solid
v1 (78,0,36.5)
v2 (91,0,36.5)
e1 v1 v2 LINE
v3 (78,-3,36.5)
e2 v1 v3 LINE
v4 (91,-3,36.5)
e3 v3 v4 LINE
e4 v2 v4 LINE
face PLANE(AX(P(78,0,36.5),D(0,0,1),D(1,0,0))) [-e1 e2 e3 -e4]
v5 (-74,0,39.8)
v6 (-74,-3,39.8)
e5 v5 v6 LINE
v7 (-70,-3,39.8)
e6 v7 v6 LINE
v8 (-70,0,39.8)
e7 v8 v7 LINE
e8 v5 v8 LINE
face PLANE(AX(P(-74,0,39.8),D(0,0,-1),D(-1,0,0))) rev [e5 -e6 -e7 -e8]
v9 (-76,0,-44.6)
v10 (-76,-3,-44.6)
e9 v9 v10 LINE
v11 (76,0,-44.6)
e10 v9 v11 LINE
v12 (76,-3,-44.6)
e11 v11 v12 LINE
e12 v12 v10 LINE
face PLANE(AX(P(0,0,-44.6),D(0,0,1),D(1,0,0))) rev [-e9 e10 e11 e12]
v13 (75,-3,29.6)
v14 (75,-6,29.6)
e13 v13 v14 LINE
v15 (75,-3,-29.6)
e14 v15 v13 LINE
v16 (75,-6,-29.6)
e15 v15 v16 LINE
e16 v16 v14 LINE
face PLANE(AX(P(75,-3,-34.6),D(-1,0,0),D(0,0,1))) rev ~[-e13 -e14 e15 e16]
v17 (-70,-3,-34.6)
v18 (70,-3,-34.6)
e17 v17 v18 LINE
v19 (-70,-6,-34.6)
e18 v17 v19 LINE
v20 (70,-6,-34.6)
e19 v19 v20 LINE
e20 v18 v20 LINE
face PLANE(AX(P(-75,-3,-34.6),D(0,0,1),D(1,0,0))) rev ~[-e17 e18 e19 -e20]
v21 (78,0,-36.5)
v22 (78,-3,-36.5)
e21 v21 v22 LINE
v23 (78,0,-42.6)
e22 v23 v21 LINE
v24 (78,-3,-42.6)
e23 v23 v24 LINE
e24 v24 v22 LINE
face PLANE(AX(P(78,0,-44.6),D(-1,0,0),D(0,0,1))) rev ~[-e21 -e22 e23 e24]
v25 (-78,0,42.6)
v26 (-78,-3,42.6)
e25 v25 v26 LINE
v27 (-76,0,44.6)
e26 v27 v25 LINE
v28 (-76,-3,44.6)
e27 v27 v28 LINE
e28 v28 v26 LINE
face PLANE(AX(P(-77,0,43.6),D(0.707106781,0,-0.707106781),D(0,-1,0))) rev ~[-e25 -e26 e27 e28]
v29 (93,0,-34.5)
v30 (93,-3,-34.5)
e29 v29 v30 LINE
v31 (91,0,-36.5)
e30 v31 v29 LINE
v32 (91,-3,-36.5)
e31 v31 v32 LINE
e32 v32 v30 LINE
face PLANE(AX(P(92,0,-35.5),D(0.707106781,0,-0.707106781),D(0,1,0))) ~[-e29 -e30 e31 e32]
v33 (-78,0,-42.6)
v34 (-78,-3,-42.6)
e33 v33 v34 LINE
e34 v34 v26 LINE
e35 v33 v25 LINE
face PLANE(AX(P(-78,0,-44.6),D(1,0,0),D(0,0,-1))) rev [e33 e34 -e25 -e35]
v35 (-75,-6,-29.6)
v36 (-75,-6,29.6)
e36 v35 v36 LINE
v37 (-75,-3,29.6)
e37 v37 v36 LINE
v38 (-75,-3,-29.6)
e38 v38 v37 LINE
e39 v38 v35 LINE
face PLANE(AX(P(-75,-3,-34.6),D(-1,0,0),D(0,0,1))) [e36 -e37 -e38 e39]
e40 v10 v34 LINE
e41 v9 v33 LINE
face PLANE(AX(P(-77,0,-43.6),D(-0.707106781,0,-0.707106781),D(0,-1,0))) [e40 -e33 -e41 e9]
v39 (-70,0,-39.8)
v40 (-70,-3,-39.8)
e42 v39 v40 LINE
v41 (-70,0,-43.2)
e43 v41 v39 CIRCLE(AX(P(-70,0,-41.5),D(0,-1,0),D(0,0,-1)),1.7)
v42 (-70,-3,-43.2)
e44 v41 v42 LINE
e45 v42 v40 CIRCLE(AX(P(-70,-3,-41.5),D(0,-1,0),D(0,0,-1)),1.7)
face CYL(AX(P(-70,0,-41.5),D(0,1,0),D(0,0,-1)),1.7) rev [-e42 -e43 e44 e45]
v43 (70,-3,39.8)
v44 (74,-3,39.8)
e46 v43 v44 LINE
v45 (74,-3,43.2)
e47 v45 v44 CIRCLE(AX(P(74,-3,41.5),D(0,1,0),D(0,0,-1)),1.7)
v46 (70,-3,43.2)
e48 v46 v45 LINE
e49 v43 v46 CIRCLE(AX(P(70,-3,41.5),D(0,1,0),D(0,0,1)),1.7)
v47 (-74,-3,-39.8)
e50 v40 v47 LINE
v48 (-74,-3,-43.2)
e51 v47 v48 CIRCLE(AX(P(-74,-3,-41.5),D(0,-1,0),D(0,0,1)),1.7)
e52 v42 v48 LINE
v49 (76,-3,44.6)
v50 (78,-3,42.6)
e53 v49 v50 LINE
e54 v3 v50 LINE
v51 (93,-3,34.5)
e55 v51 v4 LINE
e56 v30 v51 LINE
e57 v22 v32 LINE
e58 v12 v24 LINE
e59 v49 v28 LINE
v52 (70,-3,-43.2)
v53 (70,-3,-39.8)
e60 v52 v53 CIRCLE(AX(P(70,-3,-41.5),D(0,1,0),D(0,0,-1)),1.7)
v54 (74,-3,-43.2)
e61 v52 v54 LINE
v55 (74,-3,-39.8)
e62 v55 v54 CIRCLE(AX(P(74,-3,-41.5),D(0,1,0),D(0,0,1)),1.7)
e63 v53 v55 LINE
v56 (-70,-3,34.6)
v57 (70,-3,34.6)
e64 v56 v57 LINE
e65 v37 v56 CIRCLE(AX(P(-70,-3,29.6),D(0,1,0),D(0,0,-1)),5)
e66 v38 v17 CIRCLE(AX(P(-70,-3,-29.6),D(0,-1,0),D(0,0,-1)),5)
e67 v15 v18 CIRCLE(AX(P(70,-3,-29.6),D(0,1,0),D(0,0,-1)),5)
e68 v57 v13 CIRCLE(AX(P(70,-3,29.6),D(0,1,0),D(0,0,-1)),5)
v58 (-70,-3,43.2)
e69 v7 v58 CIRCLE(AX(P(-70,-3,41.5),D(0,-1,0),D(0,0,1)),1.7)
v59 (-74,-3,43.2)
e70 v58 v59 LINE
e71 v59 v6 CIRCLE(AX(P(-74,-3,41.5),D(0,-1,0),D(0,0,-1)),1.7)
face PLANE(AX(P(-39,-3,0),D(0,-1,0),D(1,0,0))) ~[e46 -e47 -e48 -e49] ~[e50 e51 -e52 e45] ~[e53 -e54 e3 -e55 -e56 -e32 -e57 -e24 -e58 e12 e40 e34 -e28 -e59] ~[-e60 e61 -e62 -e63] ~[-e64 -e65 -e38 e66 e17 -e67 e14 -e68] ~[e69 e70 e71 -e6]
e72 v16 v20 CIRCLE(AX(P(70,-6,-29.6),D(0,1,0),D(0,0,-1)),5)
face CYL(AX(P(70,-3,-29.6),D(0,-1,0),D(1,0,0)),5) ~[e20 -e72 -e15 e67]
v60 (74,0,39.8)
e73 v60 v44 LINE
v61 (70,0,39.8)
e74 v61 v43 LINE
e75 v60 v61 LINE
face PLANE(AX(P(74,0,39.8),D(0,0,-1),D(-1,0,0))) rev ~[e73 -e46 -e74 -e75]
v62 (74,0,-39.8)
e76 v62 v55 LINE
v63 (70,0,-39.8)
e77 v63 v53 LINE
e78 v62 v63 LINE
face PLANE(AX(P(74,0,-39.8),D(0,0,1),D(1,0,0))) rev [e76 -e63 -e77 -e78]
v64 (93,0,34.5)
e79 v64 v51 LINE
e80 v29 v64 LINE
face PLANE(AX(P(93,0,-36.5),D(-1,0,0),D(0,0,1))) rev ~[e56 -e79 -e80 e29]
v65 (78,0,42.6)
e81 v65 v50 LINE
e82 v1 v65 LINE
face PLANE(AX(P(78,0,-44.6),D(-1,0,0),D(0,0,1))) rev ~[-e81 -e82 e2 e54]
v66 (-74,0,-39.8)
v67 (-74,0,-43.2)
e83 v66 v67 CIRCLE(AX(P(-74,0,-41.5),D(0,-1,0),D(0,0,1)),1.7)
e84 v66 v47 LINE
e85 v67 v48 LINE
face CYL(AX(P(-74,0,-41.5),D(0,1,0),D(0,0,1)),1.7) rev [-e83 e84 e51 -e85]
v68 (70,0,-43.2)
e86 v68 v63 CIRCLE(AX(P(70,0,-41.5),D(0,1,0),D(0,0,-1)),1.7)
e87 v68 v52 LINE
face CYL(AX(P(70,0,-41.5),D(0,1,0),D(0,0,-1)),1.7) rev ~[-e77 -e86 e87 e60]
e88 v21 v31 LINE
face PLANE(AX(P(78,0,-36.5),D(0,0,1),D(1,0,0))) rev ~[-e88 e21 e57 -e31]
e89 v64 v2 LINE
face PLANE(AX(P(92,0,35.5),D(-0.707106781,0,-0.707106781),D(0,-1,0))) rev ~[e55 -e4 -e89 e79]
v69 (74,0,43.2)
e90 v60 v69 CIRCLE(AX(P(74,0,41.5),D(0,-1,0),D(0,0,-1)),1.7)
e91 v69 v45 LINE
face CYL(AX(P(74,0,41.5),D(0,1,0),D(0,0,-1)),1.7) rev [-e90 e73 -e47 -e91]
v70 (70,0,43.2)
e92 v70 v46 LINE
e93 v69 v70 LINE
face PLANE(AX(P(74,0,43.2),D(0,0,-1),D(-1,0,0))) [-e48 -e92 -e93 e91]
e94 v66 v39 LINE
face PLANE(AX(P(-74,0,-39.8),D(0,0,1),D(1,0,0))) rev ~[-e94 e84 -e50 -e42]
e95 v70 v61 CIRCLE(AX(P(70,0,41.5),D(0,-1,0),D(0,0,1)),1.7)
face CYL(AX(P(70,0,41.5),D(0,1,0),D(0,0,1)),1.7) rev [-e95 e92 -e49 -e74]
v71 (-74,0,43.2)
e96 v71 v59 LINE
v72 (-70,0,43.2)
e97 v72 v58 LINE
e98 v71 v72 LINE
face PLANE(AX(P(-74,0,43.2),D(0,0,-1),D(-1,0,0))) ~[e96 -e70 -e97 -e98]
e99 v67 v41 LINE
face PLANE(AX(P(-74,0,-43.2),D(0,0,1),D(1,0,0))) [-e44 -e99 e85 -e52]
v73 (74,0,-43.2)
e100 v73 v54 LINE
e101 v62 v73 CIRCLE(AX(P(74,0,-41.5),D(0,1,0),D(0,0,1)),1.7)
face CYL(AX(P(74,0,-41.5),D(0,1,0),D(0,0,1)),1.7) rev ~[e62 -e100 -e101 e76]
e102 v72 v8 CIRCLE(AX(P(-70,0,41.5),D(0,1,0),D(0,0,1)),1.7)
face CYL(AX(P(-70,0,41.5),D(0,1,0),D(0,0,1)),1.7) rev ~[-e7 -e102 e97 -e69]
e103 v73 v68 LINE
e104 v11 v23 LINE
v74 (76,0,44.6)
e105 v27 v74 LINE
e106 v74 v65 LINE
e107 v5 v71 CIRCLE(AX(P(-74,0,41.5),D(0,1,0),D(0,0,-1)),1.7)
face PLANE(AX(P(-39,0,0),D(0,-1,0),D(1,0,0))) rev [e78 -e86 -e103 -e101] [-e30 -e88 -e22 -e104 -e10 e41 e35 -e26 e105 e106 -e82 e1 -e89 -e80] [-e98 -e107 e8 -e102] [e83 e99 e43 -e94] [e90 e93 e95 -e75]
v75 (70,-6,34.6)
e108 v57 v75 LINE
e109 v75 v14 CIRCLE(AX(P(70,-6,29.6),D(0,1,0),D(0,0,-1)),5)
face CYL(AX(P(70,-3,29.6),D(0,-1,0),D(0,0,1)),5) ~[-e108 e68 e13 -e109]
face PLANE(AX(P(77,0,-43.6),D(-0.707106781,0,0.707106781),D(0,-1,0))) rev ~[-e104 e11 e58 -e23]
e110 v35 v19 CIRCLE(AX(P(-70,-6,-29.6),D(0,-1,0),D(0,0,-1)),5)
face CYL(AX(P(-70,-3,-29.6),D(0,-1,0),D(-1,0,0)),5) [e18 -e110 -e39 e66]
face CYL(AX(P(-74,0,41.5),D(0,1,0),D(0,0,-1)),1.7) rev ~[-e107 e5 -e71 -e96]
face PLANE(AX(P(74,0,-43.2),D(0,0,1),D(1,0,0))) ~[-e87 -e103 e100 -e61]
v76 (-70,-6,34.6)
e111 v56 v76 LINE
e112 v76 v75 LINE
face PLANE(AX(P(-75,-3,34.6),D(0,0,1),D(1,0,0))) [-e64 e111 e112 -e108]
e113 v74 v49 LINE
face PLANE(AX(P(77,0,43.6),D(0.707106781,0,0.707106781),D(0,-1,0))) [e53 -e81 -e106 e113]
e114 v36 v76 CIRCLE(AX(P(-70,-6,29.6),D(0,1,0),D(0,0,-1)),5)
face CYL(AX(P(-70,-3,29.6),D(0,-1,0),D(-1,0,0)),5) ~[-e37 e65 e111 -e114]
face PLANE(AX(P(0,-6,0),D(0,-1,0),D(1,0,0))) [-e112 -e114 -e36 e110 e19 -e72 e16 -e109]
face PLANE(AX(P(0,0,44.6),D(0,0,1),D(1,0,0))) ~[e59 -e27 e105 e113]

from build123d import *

# Parameters (mm, degrees)
SKETCH011_W     = 78
SKETCH011_H     = 89.2
PAD007_DEPTH    = 3
POCKET004_DEPTH = 5
CHAMFER006_SIZE = 2
SKETCH013_W     = 15
SKETCH013_H     = 73
PAD008_DEPTH    = 3
CHAMFER007_SIZE = 2
SKETCH014_W     = 150
SKETCH014_H     = 69.2
PAD009_DEPTH    = 3
FILLET002_R     = 5


with BuildPart() as part:
    # Sketch011 (on XZ_Plane007 of Origin014) → Pad007 (new body)
    with BuildSketch(Plane.XZ):
        with Locations((39, 0)):
            Rectangle(SKETCH011_W, SKETCH011_H)
    extrude(amount=PAD007_DEPTH)

    # Sketch012 (on XZ_Plane007 of Origin014) → Pocket004 (cut)
    with BuildSketch(Plane.XZ):
        with BuildLine():
            ThreePointArc((74, 39.8), (75.7, 41.5), (74, 43.2))
            Line((74, 43.2), (70, 43.2))
            ThreePointArc((70, 43.2), (68.3, 41.5), (70, 39.8))
            Line((74, 39.8), (70, 39.8))
        make_face()
    pocket004 = extrude(amount=POCKET004_DEPTH, mode=Mode.SUBTRACT)

    # Mirrored004: Pocket004 across XY
    add(pocket004.mirror(Plane.XY), mode=Mode.SUBTRACT)

    # Mirrored005: part across YZ


with BuildPart() as part_1:
    add(part.part)
    add(part.part.mirror(Plane.YZ))

    # Chamfer006
    chamfer006_edges = [part_1.edges().sort_by_distance(p)[0] for p in [
        (78, -1.5, -44.6),
        (78, -1.5, 44.6),
        (-78, -1.5, -44.6),
        (-78, -1.5, 44.6),
    ]]
    chamfer(chamfer006_edges, length=CHAMFER006_SIZE)

    # Sketch013 (on XZ_Plane007 of Origin014) → Pad008 (join)
    with BuildSketch(Plane.XZ):
        with Locations((85.5, 0)):
            Rectangle(SKETCH013_W, SKETCH013_H)
    extrude(amount=PAD008_DEPTH)

    # Chamfer007
    chamfer007_edges = [part_1.edges().sort_by_distance(p)[0] for p in [
        (93, -1.5, -36.5),
        (93, -1.5, 36.5),
    ]]
    chamfer(chamfer007_edges, length=CHAMFER007_SIZE)

    # Sketch014 (on Face5 of Chamfer007) → Pad009 (join)
    with BuildSketch(Plane.XZ.offset(3)):
        Rectangle(SKETCH014_W, SKETCH014_H)
    extrude(amount=PAD009_DEPTH)

    # Fillet002
    fillet002_edges = [part_1.edges().sort_by_distance(p)[0] for p in [
        (75, -4.5, 34.6),
        (75, -4.5, -34.6),
        (-75, -4.5, 34.6),
        (-75, -4.5, -34.6),
    ]]
    fillet(fillet002_edges, radius=FILLET002_R)


solid = part_1.part
